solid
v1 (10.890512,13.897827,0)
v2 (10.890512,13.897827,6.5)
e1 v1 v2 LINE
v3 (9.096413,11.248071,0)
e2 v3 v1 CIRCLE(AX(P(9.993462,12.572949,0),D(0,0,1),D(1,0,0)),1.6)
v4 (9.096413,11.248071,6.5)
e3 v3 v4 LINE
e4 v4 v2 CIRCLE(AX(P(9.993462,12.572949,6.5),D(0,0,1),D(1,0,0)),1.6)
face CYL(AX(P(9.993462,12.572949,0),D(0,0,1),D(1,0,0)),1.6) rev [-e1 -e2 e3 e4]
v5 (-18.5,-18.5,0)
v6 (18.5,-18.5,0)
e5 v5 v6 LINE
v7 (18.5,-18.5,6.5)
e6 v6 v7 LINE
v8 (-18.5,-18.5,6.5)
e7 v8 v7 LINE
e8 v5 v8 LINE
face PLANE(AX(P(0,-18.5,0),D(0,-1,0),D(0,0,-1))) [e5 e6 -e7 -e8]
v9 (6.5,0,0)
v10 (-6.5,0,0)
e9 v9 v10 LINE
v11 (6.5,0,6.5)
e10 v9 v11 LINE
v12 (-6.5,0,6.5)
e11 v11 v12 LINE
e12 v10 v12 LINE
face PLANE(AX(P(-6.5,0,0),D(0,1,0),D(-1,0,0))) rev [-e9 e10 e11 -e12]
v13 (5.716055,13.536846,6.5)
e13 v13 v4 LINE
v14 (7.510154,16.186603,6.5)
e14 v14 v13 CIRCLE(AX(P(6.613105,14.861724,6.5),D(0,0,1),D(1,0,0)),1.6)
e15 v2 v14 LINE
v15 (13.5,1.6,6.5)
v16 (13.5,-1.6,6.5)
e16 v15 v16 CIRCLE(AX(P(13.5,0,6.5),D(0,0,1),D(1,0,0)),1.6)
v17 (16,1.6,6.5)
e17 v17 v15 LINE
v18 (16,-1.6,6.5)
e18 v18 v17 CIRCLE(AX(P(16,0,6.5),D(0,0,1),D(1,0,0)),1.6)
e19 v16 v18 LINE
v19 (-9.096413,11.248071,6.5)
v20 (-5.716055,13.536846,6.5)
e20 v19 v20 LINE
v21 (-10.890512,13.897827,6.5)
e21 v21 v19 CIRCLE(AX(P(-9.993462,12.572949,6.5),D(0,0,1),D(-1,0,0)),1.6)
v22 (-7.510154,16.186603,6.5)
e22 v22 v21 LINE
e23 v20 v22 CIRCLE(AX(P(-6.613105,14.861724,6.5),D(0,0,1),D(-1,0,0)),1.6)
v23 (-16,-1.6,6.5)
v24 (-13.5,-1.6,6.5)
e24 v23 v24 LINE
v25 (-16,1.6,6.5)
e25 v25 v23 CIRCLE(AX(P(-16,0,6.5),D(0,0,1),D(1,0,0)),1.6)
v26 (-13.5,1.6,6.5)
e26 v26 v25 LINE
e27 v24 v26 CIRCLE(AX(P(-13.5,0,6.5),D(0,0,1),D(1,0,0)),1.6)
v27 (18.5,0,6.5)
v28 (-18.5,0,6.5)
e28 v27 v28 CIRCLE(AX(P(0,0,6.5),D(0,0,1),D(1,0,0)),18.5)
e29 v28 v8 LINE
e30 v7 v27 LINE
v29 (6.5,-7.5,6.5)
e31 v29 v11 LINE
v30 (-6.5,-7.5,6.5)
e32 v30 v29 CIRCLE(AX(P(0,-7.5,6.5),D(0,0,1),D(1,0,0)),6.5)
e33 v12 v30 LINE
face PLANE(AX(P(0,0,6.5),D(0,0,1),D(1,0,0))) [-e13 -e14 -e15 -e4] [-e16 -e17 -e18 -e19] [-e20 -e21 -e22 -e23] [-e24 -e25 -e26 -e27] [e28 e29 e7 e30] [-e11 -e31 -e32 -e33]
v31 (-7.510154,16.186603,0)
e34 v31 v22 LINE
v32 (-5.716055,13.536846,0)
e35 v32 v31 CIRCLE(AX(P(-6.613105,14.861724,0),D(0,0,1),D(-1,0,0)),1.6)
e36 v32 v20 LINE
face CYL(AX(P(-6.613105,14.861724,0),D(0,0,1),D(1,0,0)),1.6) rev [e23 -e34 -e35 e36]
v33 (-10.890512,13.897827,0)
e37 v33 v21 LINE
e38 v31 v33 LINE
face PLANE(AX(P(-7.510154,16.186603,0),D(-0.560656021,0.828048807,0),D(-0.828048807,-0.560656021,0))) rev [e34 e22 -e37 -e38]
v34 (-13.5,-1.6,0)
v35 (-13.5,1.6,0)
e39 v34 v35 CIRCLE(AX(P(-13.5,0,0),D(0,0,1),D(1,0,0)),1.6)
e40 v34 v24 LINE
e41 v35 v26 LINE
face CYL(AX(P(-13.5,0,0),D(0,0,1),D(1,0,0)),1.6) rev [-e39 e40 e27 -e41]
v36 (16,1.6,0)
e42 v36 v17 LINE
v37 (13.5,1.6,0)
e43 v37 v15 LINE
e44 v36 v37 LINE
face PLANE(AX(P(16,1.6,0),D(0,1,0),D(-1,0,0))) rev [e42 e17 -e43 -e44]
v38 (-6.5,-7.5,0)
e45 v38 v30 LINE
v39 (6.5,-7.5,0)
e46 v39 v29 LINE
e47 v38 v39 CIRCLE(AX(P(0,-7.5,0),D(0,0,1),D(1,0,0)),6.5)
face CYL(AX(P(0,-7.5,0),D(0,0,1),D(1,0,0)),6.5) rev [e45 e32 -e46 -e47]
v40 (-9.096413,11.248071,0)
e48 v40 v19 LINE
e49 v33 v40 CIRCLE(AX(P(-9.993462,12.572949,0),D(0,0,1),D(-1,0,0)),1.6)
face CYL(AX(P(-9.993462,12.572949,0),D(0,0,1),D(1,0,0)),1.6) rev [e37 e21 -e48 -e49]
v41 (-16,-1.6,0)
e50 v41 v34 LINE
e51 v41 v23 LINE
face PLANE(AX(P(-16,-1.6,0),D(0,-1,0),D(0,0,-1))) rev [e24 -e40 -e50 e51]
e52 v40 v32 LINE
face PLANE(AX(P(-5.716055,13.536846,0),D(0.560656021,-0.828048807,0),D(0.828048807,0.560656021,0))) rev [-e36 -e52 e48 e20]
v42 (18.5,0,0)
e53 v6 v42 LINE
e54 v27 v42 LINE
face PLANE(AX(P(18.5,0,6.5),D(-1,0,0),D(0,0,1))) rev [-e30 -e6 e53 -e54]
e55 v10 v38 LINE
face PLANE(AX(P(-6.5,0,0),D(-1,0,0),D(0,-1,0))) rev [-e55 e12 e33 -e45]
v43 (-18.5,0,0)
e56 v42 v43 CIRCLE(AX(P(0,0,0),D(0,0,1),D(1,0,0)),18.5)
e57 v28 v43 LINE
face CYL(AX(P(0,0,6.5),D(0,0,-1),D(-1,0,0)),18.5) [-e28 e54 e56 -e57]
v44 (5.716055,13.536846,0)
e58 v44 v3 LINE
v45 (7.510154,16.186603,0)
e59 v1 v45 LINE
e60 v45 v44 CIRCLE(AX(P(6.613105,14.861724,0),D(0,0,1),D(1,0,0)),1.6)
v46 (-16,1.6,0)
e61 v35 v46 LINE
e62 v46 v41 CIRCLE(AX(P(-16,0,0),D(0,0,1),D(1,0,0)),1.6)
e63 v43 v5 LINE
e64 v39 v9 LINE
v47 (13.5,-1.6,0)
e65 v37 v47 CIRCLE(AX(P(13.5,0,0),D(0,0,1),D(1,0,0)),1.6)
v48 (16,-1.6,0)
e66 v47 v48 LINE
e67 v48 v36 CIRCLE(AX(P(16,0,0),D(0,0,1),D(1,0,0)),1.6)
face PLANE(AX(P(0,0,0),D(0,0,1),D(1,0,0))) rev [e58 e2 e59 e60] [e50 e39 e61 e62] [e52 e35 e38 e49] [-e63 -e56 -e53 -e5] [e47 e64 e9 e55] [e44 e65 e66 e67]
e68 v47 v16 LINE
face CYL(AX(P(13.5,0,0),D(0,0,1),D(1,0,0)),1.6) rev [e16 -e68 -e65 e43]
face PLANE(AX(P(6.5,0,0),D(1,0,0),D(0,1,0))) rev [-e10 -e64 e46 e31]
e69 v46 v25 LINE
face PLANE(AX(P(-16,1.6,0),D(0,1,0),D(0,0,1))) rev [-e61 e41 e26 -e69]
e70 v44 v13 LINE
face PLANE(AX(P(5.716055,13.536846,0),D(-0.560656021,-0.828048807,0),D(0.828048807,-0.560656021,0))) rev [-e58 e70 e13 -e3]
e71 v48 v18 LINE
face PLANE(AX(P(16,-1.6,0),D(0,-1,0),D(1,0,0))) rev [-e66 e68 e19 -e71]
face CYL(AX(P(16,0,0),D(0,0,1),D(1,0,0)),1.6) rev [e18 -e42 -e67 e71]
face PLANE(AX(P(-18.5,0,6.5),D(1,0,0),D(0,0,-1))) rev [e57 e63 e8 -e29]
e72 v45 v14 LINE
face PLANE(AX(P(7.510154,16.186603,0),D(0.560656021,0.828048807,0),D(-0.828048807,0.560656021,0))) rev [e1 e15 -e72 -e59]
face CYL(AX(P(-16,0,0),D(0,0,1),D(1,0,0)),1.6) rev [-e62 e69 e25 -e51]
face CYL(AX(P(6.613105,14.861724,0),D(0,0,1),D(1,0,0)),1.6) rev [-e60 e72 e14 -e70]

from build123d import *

# Parameters (mm, degrees)
IZIM1_R                          = 18.5
Y_KSEKLIK_EKSTR_ZYON1_DEPTH      = 6.5
KES_EKSTR_ZYON1_DEPTH            = 6.5
Y_KSEKLIK_EKSTR_ZYON2_DEPTH      = 6.5
Y_KSEKLIK_EKSTR_ZYON3_DEPTH      = 30
Y_KSEKLIK_EKSTR_ZYON3_DEPTH_BACK = 6.5
IZIM4_W                          = 37
IZIM4_H                          = 4
IZIM5_W                          = 36.995441418
IZIM5_H                          = 250
Y_KSEKLIK_EKSTR_ZYON4_DEPTH      = 4
Y_KSEKLIK_EKSTR_ZYON6_DEPTH      = 6.5
Y_KSEKLIK_EKSTR_ZYON7_DEPTH      = 4
Y_KSEKLIK_EKSTR_ZYON8_DEPTH      = 6
IZIM15_W                         = 170.62151123
IZIM15_H                         = 260.400815818
KES_EKSTR_ZYON2_DEPTH            = 75.752098375
KES_EKSTR_ZYON3_DEPTH            = 8
IZIM17_W                         = 85.533609072
IZIM17_H                         = 320.477083545
KES_EKSTR_ZYON4_DEPTH            = 8
KES_EKSTR_ZYON5_DEPTH            = 8


with BuildPart() as part:
    # Çizim1 → Yükseklik-Ekstrüzyon1 (new body)
    with BuildSketch(Plane.XY):
        with Locations(Location((0, 0, 0), (0, 0, 180))):
            Circle(IZIM1_R)
    extrude(amount=Y_KSEKLIK_EKSTR_ZYON1_DEPTH)

    # Çizim2 → Kes-Ekstrüzyon1 (cut)
    with BuildSketch(Plane.XY.offset(6.5)):
        with BuildLine():
            Line((6.5, 0), (6.5, -7.5))
            ThreePointArc((6.5, -7.5), (0, -14), (-6.5, -7.5))
            Line((-6.5, -7.5), (-6.5, 0))
            Line((-6.5, 0), (6.5, 0))
        make_face()
        with BuildLine():
            Line((-16, 1.6), (-13.5, 1.6))
            ThreePointArc((-13.5, 1.6), (-11.9, 0), (-13.5, -1.6))
            Line((-13.5, -1.6), (-16, -1.6))
            ThreePointArc((-16, -1.6), (-17.6, 0), (-16, 1.6))
        make_face()
        with BuildLine():
            Line((16, -1.6), (13.5, -1.6))
            ThreePointArc((13.5, -1.6), (11.9, 0), (13.5, 1.6))
            Line((13.5, 1.6), (16, 1.6))
            ThreePointArc((16, 1.6), (17.6, 0), (16, -1.6))
        make_face()
        with BuildLine():
            Line((7.510154292, 16.186602557), (10.890511962, 13.897826987))
            ThreePointArc((10.890511962, 13.897826987), (11.31834042, 11.675899263), (9.096412696, 11.248070806))
            Line((9.096412696, 11.248070806), (5.716055026, 13.536846375))
            ThreePointArc((5.716055026, 13.536846375), (5.288226568, 15.758774099), (7.510154292, 16.186602557))
        make_face()
        with BuildLine():
            Line((-7.510154292, 16.186602557), (-10.890511962, 13.897826987))
            ThreePointArc((-10.890511962, 13.897826987), (-11.31834042, 11.675899263), (-9.096412696, 11.248070806))
            Line((-9.096412696, 11.248070806), (-5.716055026, 13.536846375))
            ThreePointArc((-5.716055026, 13.536846375), (-5.288226568, 15.758774099), (-7.510154292, 16.186602557))
        make_face()
    extrude(amount=-KES_EKSTR_ZYON1_DEPTH, mode=Mode.SUBTRACT)

    # Çizim3 → Yükseklik-Ekstrüzyon2 (add)
    with BuildSketch(Plane(origin=(0, 0, 0), x_dir=(-1, 0, 0), z_dir=(0, 0, -1))):
        with BuildLine():
            ThreePointArc((0, -18.5), (-13.081475452, -13.081475452), (-18.5, 0))
            Line((-18.5, 0), (-18.5, -18.5))
            Line((-18.5, -18.5), (0, -18.5))
        make_face()
        with BuildLine():
            Line((18.5, -18.5), (18.5, 0))
            ThreePointArc((18.5, 0), (13.081475452, -13.081475452), (0, -18.5))
            Line((0, -18.5), (18.5, -18.5))
        make_face()
    extrude(amount=-Y_KSEKLIK_EKSTR_ZYON2_DEPTH)

    # Çizim4 → Yükseklik-Ekstrüzyon3 (add, two sides: drawn at the far end of the back side and taken through both)
    with BuildSketch(Plane.XY.offset(6.5).offset(-Y_KSEKLIK_EKSTR_ZYON3_DEPTH_BACK)):
        with Locations((0, -20.5)):
            Rectangle(IZIM4_W, IZIM4_H)
    extrude(amount=Y_KSEKLIK_EKSTR_ZYON3_DEPTH + Y_KSEKLIK_EKSTR_ZYON3_DEPTH_BACK)

    # Çizim5 → Yükseklik-Ekstrüzyon4 (add)
    with BuildSketch(Plane.XZ.offset(22.5)):
        with Locations((-0.002279291, 125)):
            Rectangle(IZIM5_W, IZIM5_H)
    extrude(amount=-Y_KSEKLIK_EKSTR_ZYON4_DEPTH)

    # Çizim10 → Yükseklik-Ekstrüzyon6 (add)
    with BuildSketch(Plane.XY.offset(250)):
        with BuildLine():
            Line((-18.5, 0), (-18.5, -18.5))
            Line((-18.5, -18.5), (18.5, -18.5))
            Line((18.5, -18.5), (18.5, 0))
            ThreePointArc((18.5, 0), (0, 18.5), (-18.5, 0))
        make_face()
        with BuildLine():
            Line((5.716055026, 13.536846375), (9.096412696, 11.248070806))
            ThreePointArc((9.096412696, 11.248070806), (11.31834042, 11.675899263), (10.890511962, 13.897826987))
            Line((10.890511962, 13.897826987), (7.510154292, 16.186602557))
            ThreePointArc((7.510154292, 16.186602557), (5.288226568, 15.758774099), (5.716055026, 13.536846375))
        make_face(mode=Mode.SUBTRACT)
        with BuildLine():
            Line((-7.510154292, 16.186602557), (-10.890511962, 13.897826987))
            ThreePointArc((-10.890511962, 13.897826987), (-11.31834042, 11.675899263), (-9.096412696, 11.248070806))
            Line((-9.096412696, 11.248070806), (-5.716055026, 13.536846375))
            ThreePointArc((-5.716055026, 13.536846375), (-5.288226568, 15.758774099), (-7.510154292, 16.186602557))
        make_face(mode=Mode.SUBTRACT)
        with BuildLine():
            Line((-13.5, 1.6), (-16, 1.6))
            ThreePointArc((-16, 1.6), (-17.6, 0), (-16, -1.6))
            Line((-16, -1.6), (-13.5, -1.6))
            ThreePointArc((-13.5, -1.6), (-11.9, 0), (-13.5, 1.6))
        make_face(mode=Mode.SUBTRACT)
        with BuildLine():
            Line((6.5, -7.5), (6.5, 0))
            Line((6.5, 0), (-6.5, 0))
            Line((-6.5, 0), (-6.5, -7.5))
            ThreePointArc((-6.5, -7.5), (0, -14), (6.5, -7.5))
        make_face(mode=Mode.SUBTRACT)
        with BuildLine():
            Line((13.5, -1.6), (16, -1.6))
            ThreePointArc((16, -1.6), (17.6, 0), (16, 1.6))
            Line((16, 1.6), (13.5, 1.6))
            ThreePointArc((13.5, 1.6), (11.9, 0), (13.5, -1.6))
        make_face(mode=Mode.SUBTRACT)
    extrude(amount=-Y_KSEKLIK_EKSTR_ZYON6_DEPTH)

    # Çizim12 → Yükseklik-Ekstrüzyon7 (add)
    with BuildSketch(Plane(origin=(0, -18.5, 0), x_dir=(1, 0, 0), z_dir=(0, 1, 0))):
        with BuildLine():
            Line((-18.5, 0), (-18.5, -250))
            ThreePointArc((-18.5, -250), (-136.505823788, -125), (-18.5, 0))
        make_face()
    extrude(amount=-Y_KSEKLIK_EKSTR_ZYON7_DEPTH)

    # Çizim14 → Yükseklik-Ekstrüzyon8 (add)
    with BuildSketch(Plane.XZ.offset(22.5)):
        with BuildLine():
            Line((18.5, 36.5), (18.495441418, 36.5))
            Line((18.495441418, 36.5), (18.495441418, 250))
            Line((18.495441418, 250), (-18.5, 250))
            ThreePointArc((-18.5, 250), (-136.505823788, 125), (-18.5, 0))
            Line((-18.5, 0), (18.5, 0))
            Line((18.5, 0), (18.5, 36.5))
        make_face()
    extrude(amount=Y_KSEKLIK_EKSTR_ZYON8_DEPTH)

    # Çizim15 → Kes-Ekstrüzyon2 (cut)
    with BuildSketch(Plane(origin=(0, -18.5, 0), x_dir=(1, 0, 0), z_dir=(0, 1, 0))):
        with Locations((-103.810755615, -130.200407909)):
            Rectangle(IZIM15_W, IZIM15_H)
    extrude(amount=-KES_EKSTR_ZYON2_DEPTH, mode=Mode.SUBTRACT)

    # Çizim16 → Kes-Ekstrüzyon3 (cut)
    with BuildSketch(Plane.XZ.offset(28.5)):
        Polygon((-18.5, 250), (-18.5, 0), (18.5, 0), (18.5, 36.5), (18.495441418, 36.5), (18.495441418, 250), align=None)
    extrude(amount=-KES_EKSTR_ZYON3_DEPTH, mode=Mode.SUBTRACT)

    # Çizim17 → Kes-Ekstrüzyon4 (cut)
    with BuildSketch(Plane(origin=(0, -18.5, 0), x_dir=(1, 0, 0), z_dir=(0, 1, 0))):
        with Locations((24.266804536, -83.261458228)):
            Rectangle(IZIM17_W, IZIM17_H)
    extrude(amount=-KES_EKSTR_ZYON4_DEPTH, mode=Mode.SUBTRACT)


with BuildPart() as kes_ekstr_zyon4_piece_1:
    # of the separate pieces the step leaves, piece 1, a body of its own (kes_ekstr_zyon4_pieces)
    add(part.part.solids().sort_by_distance((-18.5, 0, 243.5))[0])

    # Çizim18 → Kes-Ekstrüzyon5 (cut)
    with BuildSketch(Plane(origin=(0, 0, 243.5), x_dir=(-1, 0, 0), z_dir=(0, 0, -1))):
        with BuildLine():
            Line((-18.5, 0), (-18.5, -18.5))
            Line((-18.5, -18.5), (-18.495441418, -18.5))
            Line((-18.495441418, -18.5), (-18.495441418, -20.5))
            Line((-18.495441418, -20.5), (18.5, -20.5))
            Line((18.5, -20.5), (18.5, 0))
            ThreePointArc((18.5, 0), (0, 18.5), (-18.5, 0))
        make_face()
    extrude(amount=-KES_EKSTR_ZYON5_DEPTH, mode=Mode.SUBTRACT)


with BuildPart() as kes_ekstr_zyon4_piece_2:
    # of the separate pieces the step leaves, piece 2, a body of its own (kes_ekstr_zyon4_pieces)
    add(part.part.solids().sort_by_distance((-18.5, 0, 0))[0])


solid = kes_ekstr_zyon4_piece_2.part
